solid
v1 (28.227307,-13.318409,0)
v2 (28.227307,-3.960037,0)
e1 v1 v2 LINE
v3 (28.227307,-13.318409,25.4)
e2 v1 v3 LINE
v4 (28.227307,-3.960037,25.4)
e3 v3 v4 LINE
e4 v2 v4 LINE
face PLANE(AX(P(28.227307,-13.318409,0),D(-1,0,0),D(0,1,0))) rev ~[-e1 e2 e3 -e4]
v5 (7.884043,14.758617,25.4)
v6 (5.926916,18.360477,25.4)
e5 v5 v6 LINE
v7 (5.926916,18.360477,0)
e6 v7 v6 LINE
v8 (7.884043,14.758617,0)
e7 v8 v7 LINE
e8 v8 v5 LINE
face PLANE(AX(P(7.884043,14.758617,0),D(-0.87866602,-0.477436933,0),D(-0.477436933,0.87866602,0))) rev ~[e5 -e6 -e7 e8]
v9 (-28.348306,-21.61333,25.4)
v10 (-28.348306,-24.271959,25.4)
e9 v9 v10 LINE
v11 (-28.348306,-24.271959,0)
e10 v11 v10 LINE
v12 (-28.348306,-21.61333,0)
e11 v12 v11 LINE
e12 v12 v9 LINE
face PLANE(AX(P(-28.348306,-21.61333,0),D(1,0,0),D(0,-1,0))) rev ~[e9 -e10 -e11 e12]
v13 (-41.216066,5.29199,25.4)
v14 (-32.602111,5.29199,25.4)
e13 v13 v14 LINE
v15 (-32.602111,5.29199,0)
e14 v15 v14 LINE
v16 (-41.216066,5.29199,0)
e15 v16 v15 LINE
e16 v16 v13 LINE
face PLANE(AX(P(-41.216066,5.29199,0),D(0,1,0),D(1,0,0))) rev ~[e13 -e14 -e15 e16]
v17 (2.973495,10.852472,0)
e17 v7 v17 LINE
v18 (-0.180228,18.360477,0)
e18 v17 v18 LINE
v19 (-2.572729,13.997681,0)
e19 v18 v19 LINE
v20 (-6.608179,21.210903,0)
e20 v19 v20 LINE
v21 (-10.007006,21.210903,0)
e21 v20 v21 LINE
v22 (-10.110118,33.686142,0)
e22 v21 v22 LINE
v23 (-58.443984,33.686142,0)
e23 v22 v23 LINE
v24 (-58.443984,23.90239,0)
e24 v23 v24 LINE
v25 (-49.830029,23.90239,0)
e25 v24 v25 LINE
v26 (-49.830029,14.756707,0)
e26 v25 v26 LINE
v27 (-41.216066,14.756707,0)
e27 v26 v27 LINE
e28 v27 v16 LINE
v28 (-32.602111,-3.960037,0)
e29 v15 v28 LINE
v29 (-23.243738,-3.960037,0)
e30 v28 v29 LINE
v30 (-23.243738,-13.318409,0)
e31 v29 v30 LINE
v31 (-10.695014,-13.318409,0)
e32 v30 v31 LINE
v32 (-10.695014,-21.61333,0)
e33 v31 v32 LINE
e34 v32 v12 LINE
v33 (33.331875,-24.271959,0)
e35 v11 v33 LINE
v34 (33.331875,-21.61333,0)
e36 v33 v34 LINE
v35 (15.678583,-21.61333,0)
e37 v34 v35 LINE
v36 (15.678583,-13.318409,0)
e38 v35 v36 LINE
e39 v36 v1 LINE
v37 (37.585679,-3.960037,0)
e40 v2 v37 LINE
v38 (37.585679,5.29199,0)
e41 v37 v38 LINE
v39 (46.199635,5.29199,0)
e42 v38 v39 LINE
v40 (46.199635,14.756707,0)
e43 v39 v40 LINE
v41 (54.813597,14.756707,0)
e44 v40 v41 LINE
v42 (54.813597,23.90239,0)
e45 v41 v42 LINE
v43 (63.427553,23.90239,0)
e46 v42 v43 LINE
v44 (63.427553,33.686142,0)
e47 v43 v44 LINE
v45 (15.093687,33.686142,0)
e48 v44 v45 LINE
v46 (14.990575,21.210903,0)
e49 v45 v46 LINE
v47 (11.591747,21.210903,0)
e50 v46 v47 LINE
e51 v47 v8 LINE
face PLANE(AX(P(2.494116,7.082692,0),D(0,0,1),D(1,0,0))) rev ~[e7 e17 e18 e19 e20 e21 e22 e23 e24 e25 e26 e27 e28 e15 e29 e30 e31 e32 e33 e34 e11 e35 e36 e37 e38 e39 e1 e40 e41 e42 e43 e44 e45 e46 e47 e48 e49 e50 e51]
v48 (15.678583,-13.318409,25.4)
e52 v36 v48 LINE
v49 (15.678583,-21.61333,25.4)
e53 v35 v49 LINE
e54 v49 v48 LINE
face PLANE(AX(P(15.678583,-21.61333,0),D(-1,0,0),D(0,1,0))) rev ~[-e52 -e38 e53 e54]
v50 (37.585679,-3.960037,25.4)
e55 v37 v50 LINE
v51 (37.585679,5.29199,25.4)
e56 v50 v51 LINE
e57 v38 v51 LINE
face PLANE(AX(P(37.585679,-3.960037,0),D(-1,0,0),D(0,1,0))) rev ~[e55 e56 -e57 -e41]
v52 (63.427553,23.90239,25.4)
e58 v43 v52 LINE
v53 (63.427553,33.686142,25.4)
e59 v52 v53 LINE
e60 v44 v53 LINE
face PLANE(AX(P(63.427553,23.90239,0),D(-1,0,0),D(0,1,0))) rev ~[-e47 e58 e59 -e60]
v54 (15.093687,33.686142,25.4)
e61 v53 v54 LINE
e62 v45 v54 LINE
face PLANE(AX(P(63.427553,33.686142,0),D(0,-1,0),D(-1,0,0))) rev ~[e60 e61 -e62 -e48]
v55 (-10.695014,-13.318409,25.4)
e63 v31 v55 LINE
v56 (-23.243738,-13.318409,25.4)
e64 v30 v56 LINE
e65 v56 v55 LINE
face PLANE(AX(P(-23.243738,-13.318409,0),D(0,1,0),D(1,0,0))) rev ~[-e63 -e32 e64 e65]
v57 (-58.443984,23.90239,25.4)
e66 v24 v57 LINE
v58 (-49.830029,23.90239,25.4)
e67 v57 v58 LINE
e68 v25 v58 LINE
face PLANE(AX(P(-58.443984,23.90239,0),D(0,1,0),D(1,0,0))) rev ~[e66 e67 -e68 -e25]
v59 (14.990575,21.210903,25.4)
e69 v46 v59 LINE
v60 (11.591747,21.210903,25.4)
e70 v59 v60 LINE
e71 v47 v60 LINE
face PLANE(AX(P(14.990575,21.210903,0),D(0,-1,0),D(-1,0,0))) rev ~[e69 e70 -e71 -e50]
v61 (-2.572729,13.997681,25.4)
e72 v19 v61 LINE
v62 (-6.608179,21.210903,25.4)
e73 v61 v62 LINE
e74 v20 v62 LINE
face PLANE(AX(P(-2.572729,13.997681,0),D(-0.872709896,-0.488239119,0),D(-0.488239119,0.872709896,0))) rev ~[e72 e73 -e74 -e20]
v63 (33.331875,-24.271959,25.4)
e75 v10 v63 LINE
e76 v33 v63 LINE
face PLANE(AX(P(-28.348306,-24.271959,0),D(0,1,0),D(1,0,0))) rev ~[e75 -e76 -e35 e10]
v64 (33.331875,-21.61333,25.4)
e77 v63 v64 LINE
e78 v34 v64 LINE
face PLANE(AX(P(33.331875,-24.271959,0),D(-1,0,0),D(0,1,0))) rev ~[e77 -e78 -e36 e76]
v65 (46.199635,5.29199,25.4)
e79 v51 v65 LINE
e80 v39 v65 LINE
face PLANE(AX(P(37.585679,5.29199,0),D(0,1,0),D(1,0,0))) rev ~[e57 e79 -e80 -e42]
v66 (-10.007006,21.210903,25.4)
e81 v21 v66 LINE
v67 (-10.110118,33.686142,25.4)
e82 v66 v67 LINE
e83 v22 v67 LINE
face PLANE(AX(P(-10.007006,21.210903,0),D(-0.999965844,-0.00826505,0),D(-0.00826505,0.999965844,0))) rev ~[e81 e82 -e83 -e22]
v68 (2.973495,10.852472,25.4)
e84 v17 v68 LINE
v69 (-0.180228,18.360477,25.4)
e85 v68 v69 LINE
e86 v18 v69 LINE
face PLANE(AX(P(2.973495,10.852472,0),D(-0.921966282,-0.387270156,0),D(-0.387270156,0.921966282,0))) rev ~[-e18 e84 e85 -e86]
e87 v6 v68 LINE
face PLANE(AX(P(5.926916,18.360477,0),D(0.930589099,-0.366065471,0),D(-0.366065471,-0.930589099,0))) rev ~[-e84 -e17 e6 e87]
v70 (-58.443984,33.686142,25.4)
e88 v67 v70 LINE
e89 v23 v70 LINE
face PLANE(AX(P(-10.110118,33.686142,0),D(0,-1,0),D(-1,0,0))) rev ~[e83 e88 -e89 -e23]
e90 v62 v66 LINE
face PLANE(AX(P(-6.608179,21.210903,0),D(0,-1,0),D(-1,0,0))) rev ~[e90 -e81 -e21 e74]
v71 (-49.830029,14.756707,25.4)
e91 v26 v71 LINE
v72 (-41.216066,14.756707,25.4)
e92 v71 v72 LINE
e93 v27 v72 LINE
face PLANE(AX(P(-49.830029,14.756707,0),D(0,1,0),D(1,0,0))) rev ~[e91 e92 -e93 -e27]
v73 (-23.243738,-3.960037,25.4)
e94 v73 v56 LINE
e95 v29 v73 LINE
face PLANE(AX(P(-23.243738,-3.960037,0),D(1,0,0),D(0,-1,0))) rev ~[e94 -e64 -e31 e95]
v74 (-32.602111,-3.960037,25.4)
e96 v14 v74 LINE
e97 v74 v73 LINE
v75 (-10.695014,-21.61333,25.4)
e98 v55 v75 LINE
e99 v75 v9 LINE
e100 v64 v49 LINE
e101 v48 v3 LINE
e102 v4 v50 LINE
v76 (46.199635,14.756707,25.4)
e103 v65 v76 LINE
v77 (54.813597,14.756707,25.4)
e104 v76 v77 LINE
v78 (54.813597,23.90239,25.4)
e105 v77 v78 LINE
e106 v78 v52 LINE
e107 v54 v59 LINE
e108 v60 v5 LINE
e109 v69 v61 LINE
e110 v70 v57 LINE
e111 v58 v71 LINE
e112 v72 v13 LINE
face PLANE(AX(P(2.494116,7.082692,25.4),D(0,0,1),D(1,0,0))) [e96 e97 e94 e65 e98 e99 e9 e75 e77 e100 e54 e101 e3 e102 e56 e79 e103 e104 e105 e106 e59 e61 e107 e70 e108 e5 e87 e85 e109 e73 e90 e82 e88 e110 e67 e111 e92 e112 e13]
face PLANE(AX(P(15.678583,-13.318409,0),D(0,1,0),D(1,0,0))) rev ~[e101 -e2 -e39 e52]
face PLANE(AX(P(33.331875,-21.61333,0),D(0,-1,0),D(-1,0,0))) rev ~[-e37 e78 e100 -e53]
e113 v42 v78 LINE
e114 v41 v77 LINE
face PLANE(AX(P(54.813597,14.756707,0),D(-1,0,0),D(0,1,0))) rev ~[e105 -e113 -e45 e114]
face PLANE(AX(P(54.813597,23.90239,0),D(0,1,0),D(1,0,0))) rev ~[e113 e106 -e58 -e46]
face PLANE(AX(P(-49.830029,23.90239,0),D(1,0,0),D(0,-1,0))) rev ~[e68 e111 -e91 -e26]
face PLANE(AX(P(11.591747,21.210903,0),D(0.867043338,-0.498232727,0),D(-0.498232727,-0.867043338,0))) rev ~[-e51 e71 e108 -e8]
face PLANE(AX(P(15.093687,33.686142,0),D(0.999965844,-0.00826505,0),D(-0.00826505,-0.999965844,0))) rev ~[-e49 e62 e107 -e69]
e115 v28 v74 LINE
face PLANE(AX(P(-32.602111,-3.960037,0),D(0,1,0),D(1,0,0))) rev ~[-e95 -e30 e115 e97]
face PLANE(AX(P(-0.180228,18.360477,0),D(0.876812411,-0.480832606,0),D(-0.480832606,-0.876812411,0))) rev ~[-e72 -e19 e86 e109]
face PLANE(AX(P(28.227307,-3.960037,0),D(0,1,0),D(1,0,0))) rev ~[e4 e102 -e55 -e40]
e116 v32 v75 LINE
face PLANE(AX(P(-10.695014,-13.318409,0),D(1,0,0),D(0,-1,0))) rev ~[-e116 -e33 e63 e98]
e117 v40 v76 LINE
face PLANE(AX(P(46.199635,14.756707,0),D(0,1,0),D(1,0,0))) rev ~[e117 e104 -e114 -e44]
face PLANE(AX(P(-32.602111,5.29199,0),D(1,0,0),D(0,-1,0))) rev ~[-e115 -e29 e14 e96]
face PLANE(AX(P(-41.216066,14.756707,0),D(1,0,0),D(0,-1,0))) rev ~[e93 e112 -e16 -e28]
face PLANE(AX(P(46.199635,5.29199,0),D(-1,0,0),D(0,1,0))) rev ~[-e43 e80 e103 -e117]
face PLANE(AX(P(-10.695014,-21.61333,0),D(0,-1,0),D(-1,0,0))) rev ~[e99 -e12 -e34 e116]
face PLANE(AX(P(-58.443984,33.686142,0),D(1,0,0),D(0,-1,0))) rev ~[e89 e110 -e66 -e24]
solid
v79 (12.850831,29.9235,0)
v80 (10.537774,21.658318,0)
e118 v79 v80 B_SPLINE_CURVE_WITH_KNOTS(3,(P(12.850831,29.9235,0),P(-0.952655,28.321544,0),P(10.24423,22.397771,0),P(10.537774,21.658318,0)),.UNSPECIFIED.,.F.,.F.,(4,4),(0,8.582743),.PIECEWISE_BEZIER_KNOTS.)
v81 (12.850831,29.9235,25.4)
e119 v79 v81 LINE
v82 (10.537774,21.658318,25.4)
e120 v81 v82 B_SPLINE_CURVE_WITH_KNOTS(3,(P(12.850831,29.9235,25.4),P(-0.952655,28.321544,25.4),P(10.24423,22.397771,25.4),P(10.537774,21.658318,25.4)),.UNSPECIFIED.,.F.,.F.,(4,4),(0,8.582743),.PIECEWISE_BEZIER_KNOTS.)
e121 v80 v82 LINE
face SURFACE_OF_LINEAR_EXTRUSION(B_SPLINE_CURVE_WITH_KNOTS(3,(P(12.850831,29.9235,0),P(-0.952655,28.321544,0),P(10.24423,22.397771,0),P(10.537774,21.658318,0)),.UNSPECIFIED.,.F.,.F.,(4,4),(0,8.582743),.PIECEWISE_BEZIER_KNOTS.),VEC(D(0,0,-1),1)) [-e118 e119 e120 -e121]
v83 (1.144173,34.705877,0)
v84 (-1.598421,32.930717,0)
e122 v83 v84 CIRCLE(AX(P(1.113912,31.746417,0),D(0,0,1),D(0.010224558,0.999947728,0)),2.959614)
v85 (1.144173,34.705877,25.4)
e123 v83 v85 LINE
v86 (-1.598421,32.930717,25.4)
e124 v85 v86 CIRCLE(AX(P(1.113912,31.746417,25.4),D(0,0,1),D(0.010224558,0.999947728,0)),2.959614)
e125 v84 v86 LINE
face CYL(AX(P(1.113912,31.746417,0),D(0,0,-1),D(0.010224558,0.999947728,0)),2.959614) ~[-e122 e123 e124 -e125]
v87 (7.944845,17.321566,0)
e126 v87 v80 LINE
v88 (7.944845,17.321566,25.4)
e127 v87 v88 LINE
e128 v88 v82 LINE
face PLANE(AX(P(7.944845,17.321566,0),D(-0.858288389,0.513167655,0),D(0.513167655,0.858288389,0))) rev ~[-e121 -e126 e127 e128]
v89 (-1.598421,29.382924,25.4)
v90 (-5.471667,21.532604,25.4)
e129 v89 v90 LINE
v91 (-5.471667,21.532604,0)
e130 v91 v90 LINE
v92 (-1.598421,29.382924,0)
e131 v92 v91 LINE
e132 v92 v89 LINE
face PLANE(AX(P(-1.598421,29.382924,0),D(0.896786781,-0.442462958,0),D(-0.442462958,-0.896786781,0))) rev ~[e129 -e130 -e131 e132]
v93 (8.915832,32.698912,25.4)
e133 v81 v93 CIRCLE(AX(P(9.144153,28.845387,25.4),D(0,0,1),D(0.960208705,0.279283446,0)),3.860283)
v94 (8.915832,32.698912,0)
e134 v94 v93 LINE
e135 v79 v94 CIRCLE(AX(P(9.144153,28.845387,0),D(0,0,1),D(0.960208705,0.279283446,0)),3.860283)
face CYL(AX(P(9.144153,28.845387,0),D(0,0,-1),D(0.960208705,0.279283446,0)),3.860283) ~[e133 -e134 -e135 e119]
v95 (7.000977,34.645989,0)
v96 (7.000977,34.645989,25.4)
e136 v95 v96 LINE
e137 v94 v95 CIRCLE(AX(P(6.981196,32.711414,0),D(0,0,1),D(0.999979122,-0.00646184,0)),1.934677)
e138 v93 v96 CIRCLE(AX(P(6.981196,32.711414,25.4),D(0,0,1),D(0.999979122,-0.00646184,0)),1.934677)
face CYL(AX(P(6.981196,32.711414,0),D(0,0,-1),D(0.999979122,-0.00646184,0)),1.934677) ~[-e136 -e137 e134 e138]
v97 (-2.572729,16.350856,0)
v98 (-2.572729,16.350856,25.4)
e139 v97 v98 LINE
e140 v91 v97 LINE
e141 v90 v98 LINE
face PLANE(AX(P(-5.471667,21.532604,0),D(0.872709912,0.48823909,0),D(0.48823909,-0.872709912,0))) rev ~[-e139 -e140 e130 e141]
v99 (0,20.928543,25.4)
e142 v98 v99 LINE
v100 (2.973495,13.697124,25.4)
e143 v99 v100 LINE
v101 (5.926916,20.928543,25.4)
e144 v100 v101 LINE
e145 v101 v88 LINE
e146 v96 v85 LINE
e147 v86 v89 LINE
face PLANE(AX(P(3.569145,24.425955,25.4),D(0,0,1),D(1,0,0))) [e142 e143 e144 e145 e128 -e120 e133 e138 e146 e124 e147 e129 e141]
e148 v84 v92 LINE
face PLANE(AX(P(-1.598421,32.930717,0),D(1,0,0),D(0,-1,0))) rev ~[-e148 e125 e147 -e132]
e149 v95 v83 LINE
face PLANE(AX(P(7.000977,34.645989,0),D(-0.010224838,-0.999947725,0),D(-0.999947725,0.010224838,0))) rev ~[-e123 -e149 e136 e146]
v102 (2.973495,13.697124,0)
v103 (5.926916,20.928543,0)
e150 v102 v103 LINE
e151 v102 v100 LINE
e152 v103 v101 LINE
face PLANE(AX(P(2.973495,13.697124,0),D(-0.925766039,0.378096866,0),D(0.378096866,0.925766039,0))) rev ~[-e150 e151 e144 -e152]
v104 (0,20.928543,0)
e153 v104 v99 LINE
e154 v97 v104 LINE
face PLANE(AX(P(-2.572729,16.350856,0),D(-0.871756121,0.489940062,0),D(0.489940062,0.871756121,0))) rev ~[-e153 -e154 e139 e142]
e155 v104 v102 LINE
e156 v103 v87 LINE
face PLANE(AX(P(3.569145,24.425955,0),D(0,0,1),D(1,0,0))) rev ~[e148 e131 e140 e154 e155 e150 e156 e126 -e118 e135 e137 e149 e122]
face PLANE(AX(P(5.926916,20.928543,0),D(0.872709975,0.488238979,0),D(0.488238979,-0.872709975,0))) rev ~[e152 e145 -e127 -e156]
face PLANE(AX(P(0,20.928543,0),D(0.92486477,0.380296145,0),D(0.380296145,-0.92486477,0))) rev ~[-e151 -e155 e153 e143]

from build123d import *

# Parameters (mm, degrees)
F1_DEPTH = 25.4


with BuildPart() as f1:
    # F0 (on Top) → F1 (new body)
    with BuildSketch(Plane.XY):
        Polygon((-28.348306, -21.61333), (-28.348306, -24.271959), (33.331875, -24.271959), (33.331875, -21.61333), (15.678583, -21.61333), (15.678583, -13.318409), (28.227307, -13.318409), (28.227307, -3.960037), (37.585679, -3.960037), (37.585679, 5.29199), (46.199635, 5.29199), (46.199635, 14.756707), (54.813597, 14.756707), (54.813597, 23.90239), (63.427553, 23.90239), (63.427553, 33.686142), (15.093687, 33.686142), (14.990575, 21.210903), (11.591747, 21.210903), (7.884043, 14.758617), (5.926916, 18.360477), (2.973495, 10.852472), (-0.180228, 18.360477), (-2.572729, 13.997681), (-6.608179, 21.210903), (-10.007006, 21.210903), (-10.110118, 33.686142), (-58.443984, 33.686142), (-58.443984, 23.90239), (-49.830029, 23.90239), (-49.830029, 14.756707), (-41.216066, 14.756707), (-41.216066, 5.29199), (-32.602111, 5.29199), (-32.602111, -3.960037), (-23.243738, -3.960037), (-23.243738, -13.318409), (-10.695014, -13.318409), (-10.695014, -21.61333), align=None)
        with BuildLine():
            Line((-5.471667, 21.532604), (-2.572729, 16.350856))
            Line((-2.572729, 16.350856), (0, 20.928543))
            Line((0, 20.928543), (2.973495, 13.697124))
            Line((2.973495, 13.697124), (5.926916, 20.928543))
            Line((5.926916, 20.928543), (7.944845, 17.321566))
            Line((7.944845, 17.321566), (10.537774, 21.658318))
            add(Edge.make_bspline(
                [(12.850831, 29.9235), (-0.952655, 28.321544), (10.24423, 22.397771), (10.537774, 21.658318)],
                knots=[0, 0, 0, 0, 8.582743, 8.582743, 8.582743, 8.582743], degree=3))
            ThreePointArc((12.850831, 29.9235), (11.369118, 31.999958), (8.915832, 32.698912))
            ThreePointArc((8.915832, 32.698912), (8.360585, 34.067975), (7.000977, 34.645989))
            Line((7.000977, 34.645989), (1.144173, 34.705877))
            ThreePointArc((1.144173, 34.705877), (-0.494247, 34.230998), (-1.598421, 32.930717))
            Line((-1.598421, 32.930717), (-1.598421, 29.382924))
            Line((-1.598421, 29.382924), (-5.471667, 21.532604))
        make_face()
    extrude(amount=F1_DEPTH)


solid = f1.part
